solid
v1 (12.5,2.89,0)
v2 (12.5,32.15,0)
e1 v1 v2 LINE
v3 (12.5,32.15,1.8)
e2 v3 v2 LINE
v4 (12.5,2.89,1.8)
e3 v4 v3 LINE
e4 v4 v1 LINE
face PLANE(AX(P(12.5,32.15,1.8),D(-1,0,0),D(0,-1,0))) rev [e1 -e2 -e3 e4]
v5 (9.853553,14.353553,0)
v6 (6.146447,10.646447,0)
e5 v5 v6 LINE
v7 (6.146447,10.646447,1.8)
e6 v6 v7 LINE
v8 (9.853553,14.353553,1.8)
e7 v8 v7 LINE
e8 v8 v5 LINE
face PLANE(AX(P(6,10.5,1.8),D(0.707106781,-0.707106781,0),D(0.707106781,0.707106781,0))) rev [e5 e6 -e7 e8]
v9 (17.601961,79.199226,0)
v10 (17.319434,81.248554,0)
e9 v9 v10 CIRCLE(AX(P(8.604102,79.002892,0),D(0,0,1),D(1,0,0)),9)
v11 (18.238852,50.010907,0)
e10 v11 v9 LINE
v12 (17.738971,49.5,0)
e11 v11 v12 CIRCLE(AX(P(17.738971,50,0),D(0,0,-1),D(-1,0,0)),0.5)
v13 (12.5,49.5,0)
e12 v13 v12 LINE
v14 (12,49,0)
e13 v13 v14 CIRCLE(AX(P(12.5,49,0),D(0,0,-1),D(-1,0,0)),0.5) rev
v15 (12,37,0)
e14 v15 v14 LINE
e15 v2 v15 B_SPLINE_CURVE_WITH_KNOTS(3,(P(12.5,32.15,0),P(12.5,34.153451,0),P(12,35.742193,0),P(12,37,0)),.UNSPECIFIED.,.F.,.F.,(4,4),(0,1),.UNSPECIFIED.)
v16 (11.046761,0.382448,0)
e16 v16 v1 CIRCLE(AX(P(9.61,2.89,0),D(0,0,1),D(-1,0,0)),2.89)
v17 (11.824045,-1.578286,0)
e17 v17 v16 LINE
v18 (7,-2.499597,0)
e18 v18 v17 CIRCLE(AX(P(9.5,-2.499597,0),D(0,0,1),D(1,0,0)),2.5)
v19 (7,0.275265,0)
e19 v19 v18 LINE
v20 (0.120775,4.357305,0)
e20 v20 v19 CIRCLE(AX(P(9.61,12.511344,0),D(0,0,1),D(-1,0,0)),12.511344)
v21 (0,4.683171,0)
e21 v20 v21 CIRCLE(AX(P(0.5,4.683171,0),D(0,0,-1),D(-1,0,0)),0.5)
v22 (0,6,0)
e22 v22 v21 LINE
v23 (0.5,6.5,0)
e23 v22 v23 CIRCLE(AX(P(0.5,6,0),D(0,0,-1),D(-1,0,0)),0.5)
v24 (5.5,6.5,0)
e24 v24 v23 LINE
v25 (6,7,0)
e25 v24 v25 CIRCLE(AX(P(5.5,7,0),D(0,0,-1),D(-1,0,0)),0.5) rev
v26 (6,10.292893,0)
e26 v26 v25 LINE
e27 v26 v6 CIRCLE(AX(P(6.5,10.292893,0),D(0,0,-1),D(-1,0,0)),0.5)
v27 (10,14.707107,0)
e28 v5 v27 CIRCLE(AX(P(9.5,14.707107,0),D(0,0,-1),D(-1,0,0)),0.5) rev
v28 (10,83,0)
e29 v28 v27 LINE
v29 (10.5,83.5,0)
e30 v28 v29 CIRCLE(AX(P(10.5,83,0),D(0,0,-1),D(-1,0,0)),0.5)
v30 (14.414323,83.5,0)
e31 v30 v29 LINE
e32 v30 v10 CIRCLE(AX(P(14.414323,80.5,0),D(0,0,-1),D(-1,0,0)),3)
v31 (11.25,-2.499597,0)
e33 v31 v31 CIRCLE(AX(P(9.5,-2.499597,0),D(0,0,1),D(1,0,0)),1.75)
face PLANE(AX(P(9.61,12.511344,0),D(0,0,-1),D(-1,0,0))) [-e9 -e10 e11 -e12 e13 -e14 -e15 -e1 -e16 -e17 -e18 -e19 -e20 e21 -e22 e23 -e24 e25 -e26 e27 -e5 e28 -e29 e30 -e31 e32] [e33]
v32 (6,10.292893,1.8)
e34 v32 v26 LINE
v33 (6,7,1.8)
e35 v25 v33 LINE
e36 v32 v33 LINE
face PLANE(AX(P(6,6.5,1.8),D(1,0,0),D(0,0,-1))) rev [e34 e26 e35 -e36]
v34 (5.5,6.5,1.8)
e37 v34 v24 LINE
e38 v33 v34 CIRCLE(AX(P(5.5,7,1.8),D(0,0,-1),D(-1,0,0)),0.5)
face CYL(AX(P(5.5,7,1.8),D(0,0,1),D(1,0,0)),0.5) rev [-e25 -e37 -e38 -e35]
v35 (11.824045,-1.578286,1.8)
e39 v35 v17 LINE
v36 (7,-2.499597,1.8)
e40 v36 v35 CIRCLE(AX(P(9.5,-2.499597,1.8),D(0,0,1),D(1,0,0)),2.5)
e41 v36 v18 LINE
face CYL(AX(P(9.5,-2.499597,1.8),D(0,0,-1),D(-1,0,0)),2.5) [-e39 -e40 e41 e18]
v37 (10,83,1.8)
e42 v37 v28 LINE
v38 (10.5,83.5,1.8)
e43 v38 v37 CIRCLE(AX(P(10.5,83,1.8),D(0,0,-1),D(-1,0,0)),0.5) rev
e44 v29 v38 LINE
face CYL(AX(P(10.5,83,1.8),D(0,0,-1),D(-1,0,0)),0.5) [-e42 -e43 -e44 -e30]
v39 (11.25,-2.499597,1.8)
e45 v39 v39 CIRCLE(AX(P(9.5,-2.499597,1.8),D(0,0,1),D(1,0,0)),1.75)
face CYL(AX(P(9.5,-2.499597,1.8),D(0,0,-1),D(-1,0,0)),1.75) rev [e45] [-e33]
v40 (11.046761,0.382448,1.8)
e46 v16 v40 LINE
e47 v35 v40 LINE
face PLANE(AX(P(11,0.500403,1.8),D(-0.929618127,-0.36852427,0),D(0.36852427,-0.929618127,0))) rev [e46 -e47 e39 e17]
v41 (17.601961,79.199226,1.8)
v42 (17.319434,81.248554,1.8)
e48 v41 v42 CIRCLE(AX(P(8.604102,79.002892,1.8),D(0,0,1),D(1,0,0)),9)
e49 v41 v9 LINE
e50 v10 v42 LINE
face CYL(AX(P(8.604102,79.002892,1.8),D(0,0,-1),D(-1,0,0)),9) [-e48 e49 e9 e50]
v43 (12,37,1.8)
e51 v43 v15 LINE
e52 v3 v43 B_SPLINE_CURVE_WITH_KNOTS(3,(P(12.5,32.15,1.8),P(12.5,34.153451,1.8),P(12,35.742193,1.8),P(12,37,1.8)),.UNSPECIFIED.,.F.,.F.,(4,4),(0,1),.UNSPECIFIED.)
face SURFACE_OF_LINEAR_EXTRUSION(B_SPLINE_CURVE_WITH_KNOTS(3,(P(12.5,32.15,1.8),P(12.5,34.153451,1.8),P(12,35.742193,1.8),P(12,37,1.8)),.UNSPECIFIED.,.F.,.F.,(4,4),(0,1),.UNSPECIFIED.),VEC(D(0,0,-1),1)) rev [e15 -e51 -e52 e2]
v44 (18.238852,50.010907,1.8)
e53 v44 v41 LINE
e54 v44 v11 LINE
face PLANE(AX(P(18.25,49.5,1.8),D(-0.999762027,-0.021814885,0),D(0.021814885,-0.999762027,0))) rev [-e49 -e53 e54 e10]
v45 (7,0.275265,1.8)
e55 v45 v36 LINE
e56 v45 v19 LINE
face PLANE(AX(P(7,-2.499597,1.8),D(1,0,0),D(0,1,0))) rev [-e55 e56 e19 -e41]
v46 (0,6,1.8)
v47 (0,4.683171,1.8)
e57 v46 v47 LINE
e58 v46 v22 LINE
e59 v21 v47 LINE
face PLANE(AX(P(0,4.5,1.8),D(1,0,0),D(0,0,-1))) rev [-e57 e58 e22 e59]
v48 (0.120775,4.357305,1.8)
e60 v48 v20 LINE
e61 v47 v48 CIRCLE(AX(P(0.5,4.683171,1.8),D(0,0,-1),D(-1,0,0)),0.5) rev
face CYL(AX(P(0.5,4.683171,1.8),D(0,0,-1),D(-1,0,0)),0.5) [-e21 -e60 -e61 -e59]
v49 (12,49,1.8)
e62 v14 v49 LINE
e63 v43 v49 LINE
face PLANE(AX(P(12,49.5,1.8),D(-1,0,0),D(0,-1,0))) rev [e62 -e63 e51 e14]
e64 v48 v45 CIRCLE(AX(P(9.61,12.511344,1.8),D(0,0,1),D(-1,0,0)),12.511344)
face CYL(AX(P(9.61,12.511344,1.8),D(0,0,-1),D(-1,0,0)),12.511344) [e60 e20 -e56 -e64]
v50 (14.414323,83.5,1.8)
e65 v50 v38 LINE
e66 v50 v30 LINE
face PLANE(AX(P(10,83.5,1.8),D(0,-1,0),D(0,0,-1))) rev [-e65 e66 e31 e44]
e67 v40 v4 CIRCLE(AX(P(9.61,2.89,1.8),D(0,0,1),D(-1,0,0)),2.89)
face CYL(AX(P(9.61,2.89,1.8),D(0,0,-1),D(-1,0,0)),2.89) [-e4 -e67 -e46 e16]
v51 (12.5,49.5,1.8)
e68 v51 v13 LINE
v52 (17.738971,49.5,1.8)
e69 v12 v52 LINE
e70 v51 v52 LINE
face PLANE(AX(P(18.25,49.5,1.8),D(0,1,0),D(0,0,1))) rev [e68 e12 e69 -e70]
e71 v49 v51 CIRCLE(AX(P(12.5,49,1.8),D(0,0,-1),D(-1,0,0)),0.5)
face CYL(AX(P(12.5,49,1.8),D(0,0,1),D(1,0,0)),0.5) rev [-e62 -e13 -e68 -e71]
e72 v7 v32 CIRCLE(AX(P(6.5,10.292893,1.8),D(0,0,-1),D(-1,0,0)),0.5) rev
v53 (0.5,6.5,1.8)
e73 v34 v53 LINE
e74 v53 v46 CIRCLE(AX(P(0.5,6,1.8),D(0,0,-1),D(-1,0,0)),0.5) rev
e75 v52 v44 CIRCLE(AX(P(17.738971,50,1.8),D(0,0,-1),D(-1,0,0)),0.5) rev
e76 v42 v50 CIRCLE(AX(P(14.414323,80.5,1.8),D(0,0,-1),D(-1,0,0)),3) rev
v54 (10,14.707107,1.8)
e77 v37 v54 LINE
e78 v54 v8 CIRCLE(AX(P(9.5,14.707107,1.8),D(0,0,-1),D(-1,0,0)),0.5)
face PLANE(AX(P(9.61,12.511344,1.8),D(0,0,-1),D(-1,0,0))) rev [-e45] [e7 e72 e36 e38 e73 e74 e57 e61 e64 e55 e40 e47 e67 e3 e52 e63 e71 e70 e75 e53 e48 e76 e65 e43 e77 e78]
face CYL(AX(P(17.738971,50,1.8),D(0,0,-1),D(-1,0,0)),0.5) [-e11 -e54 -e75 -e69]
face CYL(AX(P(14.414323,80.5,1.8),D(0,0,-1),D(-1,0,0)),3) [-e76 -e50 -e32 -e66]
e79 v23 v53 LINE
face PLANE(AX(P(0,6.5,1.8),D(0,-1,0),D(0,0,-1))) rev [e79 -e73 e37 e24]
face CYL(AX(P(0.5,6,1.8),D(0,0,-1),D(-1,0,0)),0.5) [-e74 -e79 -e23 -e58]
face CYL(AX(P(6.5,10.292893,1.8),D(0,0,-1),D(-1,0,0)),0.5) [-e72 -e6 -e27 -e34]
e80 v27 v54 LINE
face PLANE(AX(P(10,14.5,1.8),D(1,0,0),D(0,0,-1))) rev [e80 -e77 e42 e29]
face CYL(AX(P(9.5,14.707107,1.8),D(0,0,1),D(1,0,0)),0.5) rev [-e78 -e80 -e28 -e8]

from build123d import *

# Parameters (mm, degrees)
BOSS_EXTRUDE1_DEPTH = 1.8
FILLET1_R           = 0.5
SKETCH2_R           = 1.75
BOSS_EXTRUDE3_DEPTH = 1.8
FILLET2_R           = 3


with BuildPart() as part:
    # Sketch1 → Boss-Extrude1 (new body)
    with BuildSketch(Plane.XY):
        with BuildLine():
            Line((0, 4.5), (0, 6.5))
            Line((0, 6.5), (6, 6.5))
            Line((6, 6.5), (6, 10.5))
            Line((6, 10.5), (10, 14.5))
            Line((10, 14.5), (10, 83.5))
            Line((10, 83.5), (16.4, 83.5))
            ThreePointArc((16.4, 83.5), (17.2719581, 81.425344658), (17.601960582, 79.199226044))
            Line((17.601960582, 79.199226044), (18.25, 49.5))
            Line((18.25, 49.5), (12, 49.5))
            Line((12, 49.5), (12, 37))
            add(Edge.make_bspline(
                [(12, 37), (12, 35.742192932), (12.5, 34.153450807), (12.5, 32.15)],
                knots=[0, 0, 0, 0, 1, 1, 1, 1], degree=3))
            Line((12.5, 32.15), (12.5, 2.89))
            ThreePointArc((12.5, 2.89), (11.653538598, 0.846461402), (9.61, 0))
            ThreePointArc((9.61, 0), (4.304293167, 1.180712741), (0, 4.5))
        make_face()
    extrude(amount=BOSS_EXTRUDE1_DEPTH)

    # Fillet1
    fillet1_edges = [part.edges().sort_by_distance(p)[0] for p in [
        (0, 4.5, 0.9),
        (0, 6.5, 0.9),
        (6, 6.5, 0.9),
        (6, 10.5, 0.9),
        (10, 14.5, 0.9),
        (10, 83.5, 0.9),
        (18.25, 49.5, 0.9),
        (12, 49.5, 0.9),
    ]]
    fillet(fillet1_edges, radius=FILLET1_R)

    # Sketch2 → Boss-Extrude3 (add)
    with BuildSketch(Plane.XY):
        with BuildLine():
            Line((7, -2.499596966), (7, 0.500403034))
            Line((7, 0.500403034), (11, 0.500403034))
            Line((11, 0.500403034), (11.824045318, -1.578286292))
            ThreePointArc((11.824045318, -1.578286292), (9.968981185, -4.955214332), (7, -2.499596966))
        make_face()
        with Locations((9.5, -2.499596966)):
            Circle(SKETCH2_R, mode=Mode.SUBTRACT)
    extrude(amount=BOSS_EXTRUDE3_DEPTH)

    # Fillet2
    fillet2_edges = [part.edges().sort_by_distance(p)[0] for p in [
        (16.4, 83.5, 0.9),
    ]]
    fillet(fillet2_edges, radius=FILLET2_R)


solid = part.part
